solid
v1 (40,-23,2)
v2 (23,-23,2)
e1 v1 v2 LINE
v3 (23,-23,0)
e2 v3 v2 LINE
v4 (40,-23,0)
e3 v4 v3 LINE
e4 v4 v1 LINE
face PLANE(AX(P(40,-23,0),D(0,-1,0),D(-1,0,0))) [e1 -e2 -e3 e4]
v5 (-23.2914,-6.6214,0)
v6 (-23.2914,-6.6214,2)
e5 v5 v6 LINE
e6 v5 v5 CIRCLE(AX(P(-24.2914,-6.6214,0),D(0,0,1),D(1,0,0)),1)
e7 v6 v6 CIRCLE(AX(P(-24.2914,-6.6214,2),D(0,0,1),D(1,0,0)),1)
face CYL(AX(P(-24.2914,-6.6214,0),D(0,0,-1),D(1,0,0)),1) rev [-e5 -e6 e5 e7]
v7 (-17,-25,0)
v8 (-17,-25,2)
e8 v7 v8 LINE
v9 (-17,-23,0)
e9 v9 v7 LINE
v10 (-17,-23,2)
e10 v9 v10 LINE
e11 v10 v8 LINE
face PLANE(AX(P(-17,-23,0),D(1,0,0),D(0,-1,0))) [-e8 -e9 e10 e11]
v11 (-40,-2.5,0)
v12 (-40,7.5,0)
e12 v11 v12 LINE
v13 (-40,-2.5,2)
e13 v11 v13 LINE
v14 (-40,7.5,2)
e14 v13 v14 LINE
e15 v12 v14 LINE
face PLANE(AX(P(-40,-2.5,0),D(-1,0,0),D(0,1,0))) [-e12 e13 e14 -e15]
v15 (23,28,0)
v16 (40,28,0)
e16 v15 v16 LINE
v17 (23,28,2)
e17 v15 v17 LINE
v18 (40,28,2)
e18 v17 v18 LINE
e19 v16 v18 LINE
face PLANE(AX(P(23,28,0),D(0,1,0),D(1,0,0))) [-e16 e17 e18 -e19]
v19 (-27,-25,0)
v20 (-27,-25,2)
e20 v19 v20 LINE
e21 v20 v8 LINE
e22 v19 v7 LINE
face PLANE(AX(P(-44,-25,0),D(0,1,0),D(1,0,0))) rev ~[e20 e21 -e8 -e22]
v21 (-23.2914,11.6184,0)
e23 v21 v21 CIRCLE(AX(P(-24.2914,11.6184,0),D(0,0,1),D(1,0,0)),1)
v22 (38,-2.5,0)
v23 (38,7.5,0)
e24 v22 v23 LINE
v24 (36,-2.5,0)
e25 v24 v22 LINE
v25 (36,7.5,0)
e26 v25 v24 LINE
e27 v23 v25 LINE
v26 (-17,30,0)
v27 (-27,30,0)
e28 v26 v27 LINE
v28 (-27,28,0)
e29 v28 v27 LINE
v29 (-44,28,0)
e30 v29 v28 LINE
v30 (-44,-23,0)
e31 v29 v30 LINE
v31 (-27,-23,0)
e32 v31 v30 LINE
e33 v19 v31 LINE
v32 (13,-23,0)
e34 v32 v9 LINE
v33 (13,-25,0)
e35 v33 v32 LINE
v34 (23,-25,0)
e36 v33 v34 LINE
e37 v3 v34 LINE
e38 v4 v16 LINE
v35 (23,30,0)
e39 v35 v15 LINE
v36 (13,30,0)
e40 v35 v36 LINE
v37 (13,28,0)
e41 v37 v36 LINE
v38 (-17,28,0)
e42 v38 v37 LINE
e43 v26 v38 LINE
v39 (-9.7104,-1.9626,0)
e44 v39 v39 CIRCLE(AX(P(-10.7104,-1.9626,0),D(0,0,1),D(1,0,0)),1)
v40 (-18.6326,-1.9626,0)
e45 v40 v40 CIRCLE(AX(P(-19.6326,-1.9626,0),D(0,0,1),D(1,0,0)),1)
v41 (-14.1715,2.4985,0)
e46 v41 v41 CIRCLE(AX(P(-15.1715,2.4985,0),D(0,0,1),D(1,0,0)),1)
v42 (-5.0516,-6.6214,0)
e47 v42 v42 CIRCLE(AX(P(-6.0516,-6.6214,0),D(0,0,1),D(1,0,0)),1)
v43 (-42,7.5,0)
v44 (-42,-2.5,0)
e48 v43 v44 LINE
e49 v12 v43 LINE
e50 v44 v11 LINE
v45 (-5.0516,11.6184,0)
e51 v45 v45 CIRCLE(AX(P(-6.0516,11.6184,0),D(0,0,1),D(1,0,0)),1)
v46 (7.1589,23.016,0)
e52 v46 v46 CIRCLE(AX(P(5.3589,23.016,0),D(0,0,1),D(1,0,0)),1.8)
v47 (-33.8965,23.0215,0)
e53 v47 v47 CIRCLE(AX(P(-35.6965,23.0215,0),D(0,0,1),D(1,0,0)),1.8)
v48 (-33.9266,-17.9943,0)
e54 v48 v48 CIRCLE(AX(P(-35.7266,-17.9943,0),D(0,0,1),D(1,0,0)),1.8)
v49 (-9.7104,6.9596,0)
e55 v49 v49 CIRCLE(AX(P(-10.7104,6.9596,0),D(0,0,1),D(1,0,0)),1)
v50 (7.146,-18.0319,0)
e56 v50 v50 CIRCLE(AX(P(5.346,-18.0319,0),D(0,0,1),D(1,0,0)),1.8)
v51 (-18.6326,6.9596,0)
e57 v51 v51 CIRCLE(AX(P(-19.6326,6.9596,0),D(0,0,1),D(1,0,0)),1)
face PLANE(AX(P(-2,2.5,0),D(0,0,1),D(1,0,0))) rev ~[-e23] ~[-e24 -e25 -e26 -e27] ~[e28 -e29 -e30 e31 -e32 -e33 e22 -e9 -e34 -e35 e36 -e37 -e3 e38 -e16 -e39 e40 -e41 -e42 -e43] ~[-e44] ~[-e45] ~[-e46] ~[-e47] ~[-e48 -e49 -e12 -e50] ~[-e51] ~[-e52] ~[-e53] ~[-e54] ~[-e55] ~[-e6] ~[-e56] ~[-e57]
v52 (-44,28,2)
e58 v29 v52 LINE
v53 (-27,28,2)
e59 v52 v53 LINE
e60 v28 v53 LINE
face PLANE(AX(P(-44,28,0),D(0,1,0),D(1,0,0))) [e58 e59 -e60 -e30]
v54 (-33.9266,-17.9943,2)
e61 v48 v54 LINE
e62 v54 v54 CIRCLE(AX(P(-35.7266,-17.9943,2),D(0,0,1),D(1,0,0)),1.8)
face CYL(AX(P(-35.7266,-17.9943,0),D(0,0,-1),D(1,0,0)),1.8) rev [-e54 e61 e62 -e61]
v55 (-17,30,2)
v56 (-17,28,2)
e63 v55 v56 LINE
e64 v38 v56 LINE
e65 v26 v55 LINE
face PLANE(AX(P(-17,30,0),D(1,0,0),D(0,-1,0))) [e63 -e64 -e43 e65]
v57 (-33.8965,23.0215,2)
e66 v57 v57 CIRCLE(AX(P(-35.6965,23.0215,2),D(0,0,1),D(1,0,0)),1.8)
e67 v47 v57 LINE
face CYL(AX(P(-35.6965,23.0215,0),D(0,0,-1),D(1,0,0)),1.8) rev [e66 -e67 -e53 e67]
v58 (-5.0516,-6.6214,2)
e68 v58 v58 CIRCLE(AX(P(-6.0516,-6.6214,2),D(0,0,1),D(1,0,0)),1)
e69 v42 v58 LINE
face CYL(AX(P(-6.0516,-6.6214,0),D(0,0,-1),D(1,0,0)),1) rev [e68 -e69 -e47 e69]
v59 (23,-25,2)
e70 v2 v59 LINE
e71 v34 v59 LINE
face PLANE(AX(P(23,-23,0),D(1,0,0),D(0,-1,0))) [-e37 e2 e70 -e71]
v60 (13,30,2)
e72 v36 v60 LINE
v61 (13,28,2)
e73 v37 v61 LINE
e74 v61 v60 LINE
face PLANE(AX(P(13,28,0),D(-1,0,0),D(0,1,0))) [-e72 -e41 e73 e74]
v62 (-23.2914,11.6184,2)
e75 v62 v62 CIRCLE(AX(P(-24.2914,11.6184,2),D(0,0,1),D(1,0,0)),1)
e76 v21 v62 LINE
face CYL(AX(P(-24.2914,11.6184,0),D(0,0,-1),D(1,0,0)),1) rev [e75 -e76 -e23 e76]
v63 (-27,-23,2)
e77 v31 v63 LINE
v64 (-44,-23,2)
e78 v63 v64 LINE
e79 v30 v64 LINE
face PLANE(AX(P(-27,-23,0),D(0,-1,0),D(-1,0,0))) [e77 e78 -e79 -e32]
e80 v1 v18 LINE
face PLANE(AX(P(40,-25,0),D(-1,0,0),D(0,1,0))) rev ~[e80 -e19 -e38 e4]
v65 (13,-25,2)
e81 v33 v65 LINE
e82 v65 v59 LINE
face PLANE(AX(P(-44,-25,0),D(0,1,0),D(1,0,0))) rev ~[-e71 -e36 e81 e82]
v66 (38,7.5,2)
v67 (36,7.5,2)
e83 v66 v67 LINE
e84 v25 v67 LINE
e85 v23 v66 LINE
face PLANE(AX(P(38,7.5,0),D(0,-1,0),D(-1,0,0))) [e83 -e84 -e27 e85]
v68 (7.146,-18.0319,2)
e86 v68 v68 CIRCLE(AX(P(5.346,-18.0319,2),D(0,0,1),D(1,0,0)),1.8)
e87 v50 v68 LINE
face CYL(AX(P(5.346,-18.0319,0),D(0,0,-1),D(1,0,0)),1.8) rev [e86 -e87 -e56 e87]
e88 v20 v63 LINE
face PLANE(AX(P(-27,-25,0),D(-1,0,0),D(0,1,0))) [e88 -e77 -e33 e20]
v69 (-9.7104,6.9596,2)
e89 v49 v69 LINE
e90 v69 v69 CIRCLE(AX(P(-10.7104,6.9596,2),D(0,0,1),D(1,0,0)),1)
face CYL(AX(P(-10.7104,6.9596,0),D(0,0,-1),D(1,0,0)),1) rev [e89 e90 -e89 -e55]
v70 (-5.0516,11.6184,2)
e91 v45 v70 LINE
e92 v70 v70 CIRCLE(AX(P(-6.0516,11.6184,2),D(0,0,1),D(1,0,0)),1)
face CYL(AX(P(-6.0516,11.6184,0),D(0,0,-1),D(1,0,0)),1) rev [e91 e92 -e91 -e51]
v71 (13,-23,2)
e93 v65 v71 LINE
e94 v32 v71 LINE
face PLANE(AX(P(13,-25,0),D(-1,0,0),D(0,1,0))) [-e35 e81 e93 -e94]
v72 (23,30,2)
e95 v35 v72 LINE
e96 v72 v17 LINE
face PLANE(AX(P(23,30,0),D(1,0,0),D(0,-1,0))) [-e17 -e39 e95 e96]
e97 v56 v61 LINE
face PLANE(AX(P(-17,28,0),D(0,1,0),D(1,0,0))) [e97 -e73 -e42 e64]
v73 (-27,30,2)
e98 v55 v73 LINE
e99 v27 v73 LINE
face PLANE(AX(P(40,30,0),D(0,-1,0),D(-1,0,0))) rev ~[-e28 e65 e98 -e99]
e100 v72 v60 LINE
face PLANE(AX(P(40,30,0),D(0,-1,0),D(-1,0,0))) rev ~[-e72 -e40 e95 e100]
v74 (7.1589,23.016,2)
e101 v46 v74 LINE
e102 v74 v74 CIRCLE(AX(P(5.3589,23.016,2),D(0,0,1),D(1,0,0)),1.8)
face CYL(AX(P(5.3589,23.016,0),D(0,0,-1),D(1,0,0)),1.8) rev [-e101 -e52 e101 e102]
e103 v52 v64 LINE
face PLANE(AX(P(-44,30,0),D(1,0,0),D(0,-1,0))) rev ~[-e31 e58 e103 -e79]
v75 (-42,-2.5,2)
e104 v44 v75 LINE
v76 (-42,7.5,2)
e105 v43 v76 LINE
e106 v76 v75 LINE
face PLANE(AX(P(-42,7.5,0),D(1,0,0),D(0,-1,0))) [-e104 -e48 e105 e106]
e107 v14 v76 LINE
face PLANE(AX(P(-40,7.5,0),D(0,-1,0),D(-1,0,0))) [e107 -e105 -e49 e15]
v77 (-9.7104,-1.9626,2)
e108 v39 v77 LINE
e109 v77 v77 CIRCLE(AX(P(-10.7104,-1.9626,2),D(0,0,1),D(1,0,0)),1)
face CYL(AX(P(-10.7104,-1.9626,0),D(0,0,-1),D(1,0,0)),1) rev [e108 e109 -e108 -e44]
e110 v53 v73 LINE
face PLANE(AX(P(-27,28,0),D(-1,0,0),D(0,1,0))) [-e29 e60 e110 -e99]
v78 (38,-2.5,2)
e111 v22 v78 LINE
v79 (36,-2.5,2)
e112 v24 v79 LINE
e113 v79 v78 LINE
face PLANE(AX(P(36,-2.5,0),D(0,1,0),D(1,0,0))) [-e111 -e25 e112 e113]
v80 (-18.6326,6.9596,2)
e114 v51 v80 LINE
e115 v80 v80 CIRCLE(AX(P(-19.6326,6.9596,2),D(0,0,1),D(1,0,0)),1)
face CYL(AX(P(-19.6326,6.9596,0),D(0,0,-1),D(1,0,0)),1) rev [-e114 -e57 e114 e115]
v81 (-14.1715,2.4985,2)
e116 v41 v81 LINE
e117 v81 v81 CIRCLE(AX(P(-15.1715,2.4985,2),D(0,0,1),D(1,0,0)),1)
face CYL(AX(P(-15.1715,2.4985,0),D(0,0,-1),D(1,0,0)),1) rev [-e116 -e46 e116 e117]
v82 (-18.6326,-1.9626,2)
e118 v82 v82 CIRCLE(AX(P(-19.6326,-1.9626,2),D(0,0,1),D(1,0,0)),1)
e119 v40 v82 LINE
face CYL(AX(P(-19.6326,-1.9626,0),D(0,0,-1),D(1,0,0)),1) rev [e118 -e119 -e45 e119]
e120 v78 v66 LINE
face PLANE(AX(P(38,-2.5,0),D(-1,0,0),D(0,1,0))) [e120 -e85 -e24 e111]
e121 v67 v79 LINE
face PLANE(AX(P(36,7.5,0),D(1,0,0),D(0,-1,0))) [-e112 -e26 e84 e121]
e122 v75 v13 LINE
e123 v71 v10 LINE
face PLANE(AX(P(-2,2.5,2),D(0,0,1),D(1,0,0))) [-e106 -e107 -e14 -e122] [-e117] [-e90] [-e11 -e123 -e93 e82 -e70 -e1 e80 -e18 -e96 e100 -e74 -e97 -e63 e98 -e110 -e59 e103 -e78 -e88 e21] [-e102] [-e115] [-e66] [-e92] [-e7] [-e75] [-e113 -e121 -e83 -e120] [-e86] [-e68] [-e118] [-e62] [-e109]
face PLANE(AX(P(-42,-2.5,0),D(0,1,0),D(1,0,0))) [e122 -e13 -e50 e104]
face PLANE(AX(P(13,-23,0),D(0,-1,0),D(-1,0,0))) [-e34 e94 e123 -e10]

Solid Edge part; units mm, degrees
sketch "Sketch1" plane through (0, 0, 0) normal (0, 0, 1) x (1, 0, 0)
  line L0 (40, -25) -> (40, 30)
  line L1 (40, 30) -> (-44, 30)
  line L2 (-44, 30) -> (-44, -25)
  line L3 (-44, -25) -> (40, -25)
extrude "Protrusion1" add sketch "Sketch1" along normal blind 2
sketch "Sketch2" plane through (0, 0, 0) normal (0, 0, 1) x (1, 0, 0)
  line L0 (-44, 28) -> (-27, 28)
  line L1 (-27, 28) -> (-27, 30)
  line L2 (-27, 30) -> (-44, 30)
  line L3 (-44, 30) -> (-44, 28)
extrude "ExtrudedCutout_1" cut sketch "Sketch2" along normal blind 2
sketch "Sketch3" plane through (0, 0, 0) normal (0, 0, 1) x (1, 0, 0)
  line L0 (-17, 28) -> (13, 28)
  line L1 (13, 28) -> (13, 30)
  line L2 (13, 30) -> (-17, 30)
  line L3 (-17, 30) -> (-17, 28)
extrude "ExtrudedCutout_2" cut sketch "Sketch3" along normal blind 2
sketch "Sketch4" plane through (0, 0, 0) normal (0, 0, 1) x (1, 0, 0)
  line L0 (23, 28) -> (40, 28)
  line L1 (40, 28) -> (40, 30)
  line L2 (40, 30) -> (23, 30)
  line L3 (23, 30) -> (23, 28)
extrude "ExtrudedCutout_3" cut sketch "Sketch4" along normal blind 2
sketch "Sketch5" plane through (0, 0, 0) normal (0, 0, 1) x (1, 0, 0)
  line L0 (38, -2.5) -> (38, 7.5)
  line L1 (38, 7.5) -> (36, 7.5)
  line L2 (36, 7.5) -> (36, -2.5)
  line L3 (36, -2.5) -> (38, -2.5)
extrude "ExtrudedCutout_4" cut sketch "Sketch5" along normal blind 2
sketch "Sketch6" plane through (0, 0, 0) normal (0, 0, 1) x (1, 0, 0)
  line L0 (40, -23) -> (23, -23)
  line L1 (23, -23) -> (23, -25)
  line L2 (23, -25) -> (40, -25)
  line L3 (40, -25) -> (40, -23)
extrude "ExtrudedCutout_5" cut sketch "Sketch6" along normal blind 2
sketch "Sketch7" plane through (0, 0, 0) normal (0, 0, 1) x (1, 0, 0)
  line L0 (13, -23) -> (-17, -23)
  line L1 (-17, -23) -> (-17, -25)
  line L2 (-17, -25) -> (13, -25)
  line L3 (13, -25) -> (13, -23)
extrude "ExtrudedCutout_6" cut sketch "Sketch7" along normal blind 2
sketch "Sketch8" plane through (0, 0, 0) normal (0, 0, 1) x (1, 0, 0)
  line L0 (-27, -23) -> (-44, -23)
  line L1 (-44, -23) -> (-44, -25)
  line L2 (-44, -25) -> (-27, -25)
  line L3 (-27, -25) -> (-27, -23)
extrude "ExtrudedCutout_7" cut sketch "Sketch8" along normal blind 2
sketch "Sketch9" plane through (0, 0, 0) normal (0, 0, 1) x (1, 0, 0)
  line L0 (-40, -2.5) -> (-40, 7.5)
  line L1 (-40, 7.5) -> (-42, 7.5)
  line L2 (-42, 7.5) -> (-42, -2.5)
  line L3 (-42, -2.5) -> (-40, -2.5)
extrude "ExtrudedCutout_8" cut sketch "Sketch9" along normal blind 2
sketch "Sketch10" plane through (0, 0, 0) normal (0, 0, 1) x (1, 0, 0)
  circle A0 centre (-35.6965, 23.0215) radius 1.8
extrude "Cutout1" cut sketch "Sketch10" along normal blind 2
sketch "Sketch11" plane through (0, 0, 0) normal (0, 0, 1) x (1, 0, 0)
  circle A0 centre (5.3589, 23.016) radius 1.8
extrude "ExtrudedCutout_10" cut sketch "Sketch11" along normal blind 2
sketch "Sketch12" plane through (0, 0, 0) normal (0, 0, 1) x (1, 0, 0)
  circle A0 centre (-35.7266, -17.9943) radius 1.8
extrude "ExtrudedCutout_11" cut sketch "Sketch12" along normal blind 2
sketch "Sketch13" plane through (0, 0, 0) normal (0, 0, 1) x (1, 0, 0)
  circle A0 centre (5.346, -18.0319) radius 1.8
extrude "ExtrudedCutout_12" cut sketch "Sketch13" along normal blind 2
sketch "Sketch14" plane through (0, 0, 0) normal (0, 0, 1) x (1, 0, 0)
  circle A0 centre (-24.2914, 11.6184) radius 1
  circle A1 centre (-19.6326, 6.9596) radius 1
  circle A2 centre (-15.1715, 2.4985) radius 1
  circle A3 centre (-10.7104, 6.9596) radius 1
  circle A4 centre (-6.0516, 11.6184) radius 1
  circle A5 centre (-10.7104, -1.9626) radius 1
  circle A6 centre (-6.0516, -6.6214) radius 1
  circle A7 centre (-19.6326, -1.9626) radius 1
  circle A8 centre (-24.2914, -6.6214) radius 1
  dimension "D1" = 2
  dimension "D2" = 2
  dimension "D3" = 2
  dimension "D4" = 2
  dimension "D5" = 2
  dimension "D6" = 2
  dimension "D7" = 2
  dimension "D8" = 2
  dimension "D9" = 2
extrude "ExtrudedCutout_13" cut sketch "Sketch14" along normal blind 2
properties material "Acrylic, high impact grade"
